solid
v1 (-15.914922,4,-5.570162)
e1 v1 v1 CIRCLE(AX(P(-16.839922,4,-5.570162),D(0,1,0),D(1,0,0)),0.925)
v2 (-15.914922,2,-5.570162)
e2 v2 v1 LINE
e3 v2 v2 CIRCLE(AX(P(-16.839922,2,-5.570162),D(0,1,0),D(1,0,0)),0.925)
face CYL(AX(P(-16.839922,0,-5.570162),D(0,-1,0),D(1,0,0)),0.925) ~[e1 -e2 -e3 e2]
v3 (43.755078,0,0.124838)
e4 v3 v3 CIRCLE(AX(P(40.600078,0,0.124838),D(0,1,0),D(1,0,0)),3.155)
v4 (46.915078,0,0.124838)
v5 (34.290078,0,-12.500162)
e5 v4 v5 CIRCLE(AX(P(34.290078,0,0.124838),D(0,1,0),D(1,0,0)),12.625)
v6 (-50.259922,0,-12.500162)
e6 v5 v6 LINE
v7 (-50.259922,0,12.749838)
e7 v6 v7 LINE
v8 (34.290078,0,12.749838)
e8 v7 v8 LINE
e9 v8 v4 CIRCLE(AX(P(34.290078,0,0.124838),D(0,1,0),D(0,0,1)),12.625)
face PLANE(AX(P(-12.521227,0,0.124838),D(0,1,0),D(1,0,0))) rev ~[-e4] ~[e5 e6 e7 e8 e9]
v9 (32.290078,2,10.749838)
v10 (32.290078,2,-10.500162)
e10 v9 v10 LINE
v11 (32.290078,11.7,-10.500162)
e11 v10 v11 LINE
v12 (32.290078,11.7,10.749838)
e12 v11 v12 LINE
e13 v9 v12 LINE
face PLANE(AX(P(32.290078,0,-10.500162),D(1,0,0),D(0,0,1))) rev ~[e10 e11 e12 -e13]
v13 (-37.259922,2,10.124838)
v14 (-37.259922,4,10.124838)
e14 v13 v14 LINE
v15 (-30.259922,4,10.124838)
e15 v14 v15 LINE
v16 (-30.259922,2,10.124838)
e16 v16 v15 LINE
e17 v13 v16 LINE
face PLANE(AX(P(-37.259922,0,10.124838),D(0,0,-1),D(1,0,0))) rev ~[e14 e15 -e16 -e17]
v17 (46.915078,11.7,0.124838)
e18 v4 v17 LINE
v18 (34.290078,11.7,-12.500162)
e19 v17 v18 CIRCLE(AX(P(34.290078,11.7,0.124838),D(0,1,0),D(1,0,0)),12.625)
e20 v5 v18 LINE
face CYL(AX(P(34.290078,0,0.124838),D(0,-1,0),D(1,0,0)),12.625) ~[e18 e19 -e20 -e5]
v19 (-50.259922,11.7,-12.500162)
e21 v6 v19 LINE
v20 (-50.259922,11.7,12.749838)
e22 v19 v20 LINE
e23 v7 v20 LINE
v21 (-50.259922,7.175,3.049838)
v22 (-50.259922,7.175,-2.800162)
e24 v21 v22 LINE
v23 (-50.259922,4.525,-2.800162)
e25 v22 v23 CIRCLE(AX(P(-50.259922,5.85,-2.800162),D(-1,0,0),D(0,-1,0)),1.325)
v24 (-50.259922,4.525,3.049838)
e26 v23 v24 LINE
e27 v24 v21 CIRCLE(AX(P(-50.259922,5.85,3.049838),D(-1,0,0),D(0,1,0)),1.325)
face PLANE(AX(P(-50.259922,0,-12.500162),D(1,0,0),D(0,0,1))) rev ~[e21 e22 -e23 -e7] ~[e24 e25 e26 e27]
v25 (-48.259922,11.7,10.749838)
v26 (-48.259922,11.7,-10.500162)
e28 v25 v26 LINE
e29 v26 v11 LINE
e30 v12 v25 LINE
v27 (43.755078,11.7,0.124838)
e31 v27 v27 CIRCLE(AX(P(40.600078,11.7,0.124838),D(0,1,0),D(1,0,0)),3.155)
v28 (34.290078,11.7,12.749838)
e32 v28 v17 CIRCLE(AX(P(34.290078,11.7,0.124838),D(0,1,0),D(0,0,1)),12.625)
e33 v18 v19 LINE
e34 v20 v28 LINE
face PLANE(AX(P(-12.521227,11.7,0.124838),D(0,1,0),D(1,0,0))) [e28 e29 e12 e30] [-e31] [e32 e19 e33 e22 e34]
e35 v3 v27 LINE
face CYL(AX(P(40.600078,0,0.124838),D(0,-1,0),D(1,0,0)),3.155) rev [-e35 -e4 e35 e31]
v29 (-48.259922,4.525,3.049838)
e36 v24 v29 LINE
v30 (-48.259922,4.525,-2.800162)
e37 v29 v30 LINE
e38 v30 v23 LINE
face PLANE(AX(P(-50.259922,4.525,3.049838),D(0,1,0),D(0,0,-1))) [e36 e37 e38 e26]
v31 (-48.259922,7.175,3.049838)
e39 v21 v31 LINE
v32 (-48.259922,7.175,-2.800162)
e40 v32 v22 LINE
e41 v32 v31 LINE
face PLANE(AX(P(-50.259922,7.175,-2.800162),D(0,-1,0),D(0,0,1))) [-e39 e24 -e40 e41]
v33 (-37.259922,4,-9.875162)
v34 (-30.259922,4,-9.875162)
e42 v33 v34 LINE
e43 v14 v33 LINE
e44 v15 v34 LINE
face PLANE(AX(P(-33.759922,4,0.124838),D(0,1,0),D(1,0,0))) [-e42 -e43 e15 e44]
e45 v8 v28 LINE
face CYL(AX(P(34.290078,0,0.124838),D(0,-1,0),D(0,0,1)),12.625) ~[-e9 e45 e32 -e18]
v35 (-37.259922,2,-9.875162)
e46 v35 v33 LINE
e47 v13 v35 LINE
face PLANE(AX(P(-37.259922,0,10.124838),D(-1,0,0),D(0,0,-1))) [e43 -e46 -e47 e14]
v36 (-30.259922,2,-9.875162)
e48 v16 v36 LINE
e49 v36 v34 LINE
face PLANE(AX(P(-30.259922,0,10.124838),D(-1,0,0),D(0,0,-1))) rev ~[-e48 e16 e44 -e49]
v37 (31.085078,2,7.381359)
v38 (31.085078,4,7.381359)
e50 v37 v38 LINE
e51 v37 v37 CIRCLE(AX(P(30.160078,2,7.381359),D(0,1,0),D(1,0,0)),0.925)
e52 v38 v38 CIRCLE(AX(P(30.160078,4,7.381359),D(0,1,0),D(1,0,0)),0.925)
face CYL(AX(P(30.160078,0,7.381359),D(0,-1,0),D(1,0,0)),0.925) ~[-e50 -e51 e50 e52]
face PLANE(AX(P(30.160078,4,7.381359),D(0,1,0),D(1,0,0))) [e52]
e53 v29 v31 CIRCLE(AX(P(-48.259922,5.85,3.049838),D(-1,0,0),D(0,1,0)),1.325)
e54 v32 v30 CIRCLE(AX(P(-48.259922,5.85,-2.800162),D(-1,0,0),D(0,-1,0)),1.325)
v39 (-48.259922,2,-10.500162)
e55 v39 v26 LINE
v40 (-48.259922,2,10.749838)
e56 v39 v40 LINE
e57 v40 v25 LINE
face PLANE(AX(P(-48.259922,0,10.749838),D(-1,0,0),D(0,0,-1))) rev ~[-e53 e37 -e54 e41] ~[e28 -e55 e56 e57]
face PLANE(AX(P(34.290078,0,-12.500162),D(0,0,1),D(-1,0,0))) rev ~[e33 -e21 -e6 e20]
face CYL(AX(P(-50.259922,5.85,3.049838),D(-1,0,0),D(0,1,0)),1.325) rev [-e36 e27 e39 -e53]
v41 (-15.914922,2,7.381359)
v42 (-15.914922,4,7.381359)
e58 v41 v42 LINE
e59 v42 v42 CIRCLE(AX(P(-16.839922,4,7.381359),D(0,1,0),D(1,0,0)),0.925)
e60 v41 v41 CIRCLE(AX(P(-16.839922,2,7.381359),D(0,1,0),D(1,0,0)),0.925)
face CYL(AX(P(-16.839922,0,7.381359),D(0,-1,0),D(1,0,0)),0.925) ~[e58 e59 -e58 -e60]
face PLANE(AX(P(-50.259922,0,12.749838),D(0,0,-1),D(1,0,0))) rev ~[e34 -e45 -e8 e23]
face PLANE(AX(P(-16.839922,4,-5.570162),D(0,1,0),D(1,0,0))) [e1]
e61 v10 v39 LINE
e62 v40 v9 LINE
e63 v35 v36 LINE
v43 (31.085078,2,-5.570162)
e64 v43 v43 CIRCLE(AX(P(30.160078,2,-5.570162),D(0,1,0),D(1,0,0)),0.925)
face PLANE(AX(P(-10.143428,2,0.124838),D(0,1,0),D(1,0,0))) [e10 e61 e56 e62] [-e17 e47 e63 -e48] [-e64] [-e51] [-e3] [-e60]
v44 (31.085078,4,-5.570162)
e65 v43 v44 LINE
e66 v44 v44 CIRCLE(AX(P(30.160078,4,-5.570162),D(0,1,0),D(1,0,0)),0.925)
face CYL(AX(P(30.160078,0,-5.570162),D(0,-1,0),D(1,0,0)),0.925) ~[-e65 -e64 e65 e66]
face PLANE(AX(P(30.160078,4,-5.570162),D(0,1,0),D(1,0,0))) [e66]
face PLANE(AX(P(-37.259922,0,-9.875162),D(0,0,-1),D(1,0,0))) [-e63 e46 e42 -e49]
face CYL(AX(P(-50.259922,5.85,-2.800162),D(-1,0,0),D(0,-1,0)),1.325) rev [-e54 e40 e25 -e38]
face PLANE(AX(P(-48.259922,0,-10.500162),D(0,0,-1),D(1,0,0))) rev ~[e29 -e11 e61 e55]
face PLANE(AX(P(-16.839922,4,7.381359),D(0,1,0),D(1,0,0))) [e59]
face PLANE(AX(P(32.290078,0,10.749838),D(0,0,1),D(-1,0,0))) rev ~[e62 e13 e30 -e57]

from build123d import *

# Parameters (mm, degrees)
SKETCH1_W           = 7
SKETCH1_H           = 20
BOSS_EXTRUDE2_DEPTH = 4
SKETCH1_4_R         = 0.925
SKETCH1_4_W         = 7
SKETCH1_4_H         = 20
BOSS_EXTRUDE3_DEPTH = 2
SKETCH1_5_R         = 0.925
BOSS_EXTRUDE4_DEPTH = 4
SKETCH1_6_R         = 3.155
BOSS_EXTRUDE5_DEPTH = 11.7
CUT_EXTRUDE1_DEPTH  = 4.85


with BuildPart() as part:
    # Sketch1 → Boss-Extrude2 (new body)
    with BuildSketch(Plane(origin=(0, 0, 0), x_dir=(1, 0, 0), z_dir=(0, 1, 0))):
        with Locations((-33.759922188, -0.124838084)):
            Rectangle(SKETCH1_W, SKETCH1_H)
    extrude(amount=BOSS_EXTRUDE2_DEPTH)

    # Sketch1<4> → Boss-Extrude3 (add)
    with BuildSketch(Plane(origin=(0, 0, 0), x_dir=(1, 0, 0), z_dir=(0, 1, 0))):
        with BuildLine():
            ThreePointArc((27.470986964, -10.749838084), (21.665077812, -0.124838084), (27.470986964, 10.500161916))
            Line((27.470986964, 10.500161916), (-48.259922188, 10.500161916))
            Line((-48.259922188, 10.500161916), (-48.259922188, -10.749838084))
            Line((-48.259922188, -10.749838084), (27.470986964, -10.749838084))
        make_face()
        with Locations((-16.839922188, -7.381359305)):
            Circle(SKETCH1_4_R, mode=Mode.SUBTRACT)
        with Locations((-33.759922188, -0.124838084)):
            Rectangle(SKETCH1_4_W, SKETCH1_4_H, mode=Mode.SUBTRACT)
        with Locations((-16.839922188, 5.570161916)):
            Circle(SKETCH1_4_R, mode=Mode.SUBTRACT)
        with BuildLine():
            Line((32.290077812, 10.500161916), (27.470986964, 10.500161916))
            ThreePointArc((27.470986964, 10.500161916), (21.665077812, -0.124838084), (27.470986964, -10.749838084))
            Line((27.470986964, -10.749838084), (32.290077812, -10.749838084))
            Line((32.290077812, -10.749838084), (32.290077812, 10.500161916))
        make_face()
        with Locations((30.160077812, -7.381359305)):
            Circle(SKETCH1_4_R, mode=Mode.SUBTRACT)
        with Locations((30.160077812, 5.570161916)):
            Circle(SKETCH1_4_R, mode=Mode.SUBTRACT)
    extrude(amount=BOSS_EXTRUDE3_DEPTH)

    # Sketch1<5> → Boss-Extrude4 (add)
    with BuildSketch(Plane(origin=(0, 0, 0), x_dir=(1, 0, 0), z_dir=(0, 1, 0))):
        with Locations((-16.839922188, 5.570161916)):
            Circle(SKETCH1_5_R)
        with Locations((-16.839922188, -7.381359305)):
            Circle(SKETCH1_5_R)
        with Locations((30.160077812, -7.381359305)):
            Circle(SKETCH1_5_R)
        with Locations((30.160077812, 5.570161916)):
            Circle(SKETCH1_5_R)
    extrude(amount=BOSS_EXTRUDE4_DEPTH)

    # Sketch1<6> → Boss-Extrude5 (add)
    with BuildSketch(Plane(origin=(0, 0, 0), x_dir=(1, 0, 0), z_dir=(0, 1, 0))):
        with BuildLine():
            Line((34.290077812, 12.500161916), (-50.259922188, 12.500161916))
            Line((-50.259922188, 12.500161916), (-50.259922188, -12.749838084))
            Line((-50.259922188, -12.749838084), (34.290077812, -12.749838084))
            ThreePointArc((34.290077812, -12.749838084), (30.736910211, -12.239524419), (27.470986964, -10.749838084))
            Line((27.470986964, -10.749838084), (-48.259922188, -10.749838084))
            Line((-48.259922188, -10.749838084), (-48.259922188, 10.500161916))
            Line((-48.259922188, 10.500161916), (27.470986964, 10.500161916))
            ThreePointArc((27.470986964, 10.500161916), (30.736910211, 11.989848251), (34.290077812, 12.500161916))
        make_face()
        with BuildLine():
            Line((34.290077812, -12.749838084), (34.290077812, 12.500161916))
            ThreePointArc((34.290077812, 12.500161916), (30.736910211, 11.989848251), (27.470986964, 10.500161916))
            Line((27.470986964, 10.500161916), (32.290077812, 10.500161916))
            Line((32.290077812, 10.500161916), (32.290077812, -10.749838084))
            Line((32.290077812, -10.749838084), (27.470986964, -10.749838084))
            ThreePointArc((27.470986964, -10.749838084), (30.736910211, -12.239524419), (34.290077812, -12.749838084))
        make_face()
        with BuildLine():
            ThreePointArc((46.915077812, -0.124838084), (43.217300925, 8.802385028), (34.290077812, 12.500161916))
            Line((34.290077812, 12.500161916), (34.290077812, -12.749838084))
            ThreePointArc((34.290077812, -12.749838084), (43.217300925, -9.052061197), (46.915077812, -0.124838084))
        make_face()
        with Locations((40.600077812, -0.124838084)):
            Circle(SKETCH1_6_R, mode=Mode.SUBTRACT)
    extrude(amount=BOSS_EXTRUDE5_DEPTH)

    # Sketch3 → Cut-Extrude1 (cut, symmetric)
    with BuildSketch(Plane.ZY.offset(50.259922188)):
        with BuildLine():
            Line((-2.800161916, 7.175), (3.049838084, 7.175))
            ThreePointArc((3.049838084, 7.175), (4.374838084, 5.85), (3.049838084, 4.525))
            Line((3.049838084, 4.525), (-2.800161916, 4.525))
            ThreePointArc((-2.800161916, 4.525), (-4.125161916, 5.85), (-2.800161916, 7.175))
        make_face()
    extrude(amount=CUT_EXTRUDE1_DEPTH, both=True, mode=Mode.SUBTRACT)


solid = part.part
